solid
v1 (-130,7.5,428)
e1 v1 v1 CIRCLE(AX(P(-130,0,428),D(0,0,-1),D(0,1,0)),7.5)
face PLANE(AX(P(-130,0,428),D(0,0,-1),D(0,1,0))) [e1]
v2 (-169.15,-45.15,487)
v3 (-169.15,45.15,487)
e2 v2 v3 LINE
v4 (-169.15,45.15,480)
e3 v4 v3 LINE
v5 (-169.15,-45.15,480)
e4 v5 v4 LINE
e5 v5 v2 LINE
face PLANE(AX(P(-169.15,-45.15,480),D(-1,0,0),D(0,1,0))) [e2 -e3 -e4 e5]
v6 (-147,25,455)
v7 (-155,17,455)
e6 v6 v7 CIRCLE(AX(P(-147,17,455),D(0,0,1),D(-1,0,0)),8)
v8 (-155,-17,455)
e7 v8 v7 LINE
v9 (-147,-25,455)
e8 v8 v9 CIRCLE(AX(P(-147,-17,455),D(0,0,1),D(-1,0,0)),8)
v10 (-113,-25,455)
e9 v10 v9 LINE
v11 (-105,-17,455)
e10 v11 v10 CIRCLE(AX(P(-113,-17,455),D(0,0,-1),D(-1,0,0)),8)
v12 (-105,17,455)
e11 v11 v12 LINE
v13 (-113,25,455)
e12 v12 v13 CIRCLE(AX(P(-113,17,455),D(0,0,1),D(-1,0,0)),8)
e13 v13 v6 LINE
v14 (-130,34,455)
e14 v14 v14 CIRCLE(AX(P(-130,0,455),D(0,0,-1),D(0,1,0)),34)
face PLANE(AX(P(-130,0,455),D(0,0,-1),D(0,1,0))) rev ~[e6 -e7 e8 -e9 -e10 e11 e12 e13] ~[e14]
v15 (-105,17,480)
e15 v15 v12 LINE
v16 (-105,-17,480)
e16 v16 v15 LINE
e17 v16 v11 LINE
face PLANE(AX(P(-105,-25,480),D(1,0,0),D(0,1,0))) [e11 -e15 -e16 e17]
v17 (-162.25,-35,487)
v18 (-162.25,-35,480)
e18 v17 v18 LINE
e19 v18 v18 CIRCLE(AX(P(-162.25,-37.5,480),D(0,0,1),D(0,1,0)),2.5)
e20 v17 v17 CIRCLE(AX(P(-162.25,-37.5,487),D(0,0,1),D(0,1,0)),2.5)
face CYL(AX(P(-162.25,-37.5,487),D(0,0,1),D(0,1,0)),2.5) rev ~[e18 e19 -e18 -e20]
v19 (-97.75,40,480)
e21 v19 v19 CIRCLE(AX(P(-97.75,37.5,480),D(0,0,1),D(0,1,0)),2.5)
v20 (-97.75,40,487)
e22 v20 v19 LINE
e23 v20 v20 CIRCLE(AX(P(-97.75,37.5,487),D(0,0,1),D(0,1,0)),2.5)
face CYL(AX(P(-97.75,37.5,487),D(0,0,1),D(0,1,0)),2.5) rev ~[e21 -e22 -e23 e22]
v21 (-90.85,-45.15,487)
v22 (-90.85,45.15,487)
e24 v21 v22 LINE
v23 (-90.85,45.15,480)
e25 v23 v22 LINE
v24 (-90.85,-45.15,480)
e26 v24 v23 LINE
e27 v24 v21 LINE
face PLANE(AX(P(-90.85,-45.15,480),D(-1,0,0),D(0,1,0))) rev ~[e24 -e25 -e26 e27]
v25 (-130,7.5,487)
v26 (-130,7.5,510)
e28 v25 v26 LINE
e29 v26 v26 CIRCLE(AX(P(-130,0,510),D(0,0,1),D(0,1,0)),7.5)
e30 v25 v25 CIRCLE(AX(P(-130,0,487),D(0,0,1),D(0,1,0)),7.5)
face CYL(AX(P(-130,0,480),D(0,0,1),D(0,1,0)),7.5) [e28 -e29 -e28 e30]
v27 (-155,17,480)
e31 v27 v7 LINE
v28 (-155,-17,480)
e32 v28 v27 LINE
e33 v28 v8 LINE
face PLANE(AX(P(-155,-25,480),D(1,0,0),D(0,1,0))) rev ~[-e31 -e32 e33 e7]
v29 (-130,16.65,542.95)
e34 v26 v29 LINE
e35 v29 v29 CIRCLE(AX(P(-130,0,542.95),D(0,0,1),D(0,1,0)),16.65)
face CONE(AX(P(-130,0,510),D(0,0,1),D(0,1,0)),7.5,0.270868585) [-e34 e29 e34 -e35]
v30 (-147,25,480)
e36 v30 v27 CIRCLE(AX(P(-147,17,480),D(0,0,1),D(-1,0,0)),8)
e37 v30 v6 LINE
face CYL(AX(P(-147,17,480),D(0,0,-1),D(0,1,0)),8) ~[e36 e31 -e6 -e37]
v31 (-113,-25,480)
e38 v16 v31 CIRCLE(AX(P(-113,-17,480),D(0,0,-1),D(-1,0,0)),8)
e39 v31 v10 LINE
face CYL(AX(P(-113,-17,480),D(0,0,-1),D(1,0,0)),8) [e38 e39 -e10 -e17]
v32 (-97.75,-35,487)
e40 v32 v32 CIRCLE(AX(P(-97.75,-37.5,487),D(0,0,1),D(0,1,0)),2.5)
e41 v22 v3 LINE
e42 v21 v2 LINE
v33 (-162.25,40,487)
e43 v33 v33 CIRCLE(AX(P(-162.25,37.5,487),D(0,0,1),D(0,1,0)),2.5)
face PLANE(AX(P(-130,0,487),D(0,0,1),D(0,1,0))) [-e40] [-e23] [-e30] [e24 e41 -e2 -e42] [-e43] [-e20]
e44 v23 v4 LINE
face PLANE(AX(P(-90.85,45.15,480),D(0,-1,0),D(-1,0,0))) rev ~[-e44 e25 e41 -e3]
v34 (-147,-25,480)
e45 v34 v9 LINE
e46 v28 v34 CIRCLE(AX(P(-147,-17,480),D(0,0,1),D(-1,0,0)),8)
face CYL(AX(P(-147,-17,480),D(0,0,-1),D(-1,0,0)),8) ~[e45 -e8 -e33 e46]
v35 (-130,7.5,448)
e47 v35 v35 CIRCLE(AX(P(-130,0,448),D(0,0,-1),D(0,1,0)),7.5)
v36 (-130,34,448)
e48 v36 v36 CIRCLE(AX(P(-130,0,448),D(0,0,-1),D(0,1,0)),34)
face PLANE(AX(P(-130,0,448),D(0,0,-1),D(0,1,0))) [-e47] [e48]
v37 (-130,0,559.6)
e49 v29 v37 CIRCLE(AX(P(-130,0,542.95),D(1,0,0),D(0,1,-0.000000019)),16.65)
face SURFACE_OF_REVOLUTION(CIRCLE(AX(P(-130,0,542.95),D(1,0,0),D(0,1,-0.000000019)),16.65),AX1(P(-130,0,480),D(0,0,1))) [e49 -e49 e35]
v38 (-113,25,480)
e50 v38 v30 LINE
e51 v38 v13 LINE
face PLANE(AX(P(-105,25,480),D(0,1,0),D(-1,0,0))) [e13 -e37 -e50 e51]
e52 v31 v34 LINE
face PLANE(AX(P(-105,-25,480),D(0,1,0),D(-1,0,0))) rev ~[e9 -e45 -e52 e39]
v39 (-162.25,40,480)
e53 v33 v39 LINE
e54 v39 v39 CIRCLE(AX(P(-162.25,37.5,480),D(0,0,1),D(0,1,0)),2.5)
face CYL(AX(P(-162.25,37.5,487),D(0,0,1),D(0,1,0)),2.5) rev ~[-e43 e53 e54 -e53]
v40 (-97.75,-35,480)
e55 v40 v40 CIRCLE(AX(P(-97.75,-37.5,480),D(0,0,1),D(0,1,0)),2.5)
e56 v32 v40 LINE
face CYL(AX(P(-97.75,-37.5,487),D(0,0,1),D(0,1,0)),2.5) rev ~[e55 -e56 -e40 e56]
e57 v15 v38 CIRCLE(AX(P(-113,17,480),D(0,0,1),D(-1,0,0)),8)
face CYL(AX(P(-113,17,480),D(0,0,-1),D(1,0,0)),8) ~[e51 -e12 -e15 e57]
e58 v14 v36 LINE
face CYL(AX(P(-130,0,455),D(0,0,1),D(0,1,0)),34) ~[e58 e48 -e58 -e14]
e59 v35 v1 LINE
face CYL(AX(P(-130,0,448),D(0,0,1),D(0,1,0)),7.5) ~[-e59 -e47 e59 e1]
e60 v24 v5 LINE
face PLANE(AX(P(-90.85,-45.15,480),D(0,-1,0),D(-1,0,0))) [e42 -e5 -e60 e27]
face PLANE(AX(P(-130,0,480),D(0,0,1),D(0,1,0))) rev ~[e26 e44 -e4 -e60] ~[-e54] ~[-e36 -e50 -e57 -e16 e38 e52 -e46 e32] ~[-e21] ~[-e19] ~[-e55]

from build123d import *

# Parameters (mm, degrees)
SKETCH005_W             = 90.3
SKETCH005_H             = 78.3
PAD003_DEPTH            = 7
SKETCH006_R             = 2.5
POCKET002_DEPTH         = 7.001
SKETCH008_W             = 50
SKETCH008_H             = 50
PAD004_DEPTH            = 25
FILLET_R                = 8
SKETCH009_R             = 34
PAD005_DEPTH            = 7
SKETCH010_R             = 7.5
PAD006_DEPTH            = 20
BODY002_PLACEMENT_ANGLE = 90


with BuildPart() as part:
    # Sketch005 → Pad003 (new body)
    with BuildSketch(Plane.XY):
        Rectangle(SKETCH005_W, SKETCH005_H)
    extrude(amount=PAD003_DEPTH)

    # Sketch006 (on Face6 of Pad003) → Pocket002 (cut, through all)
    with BuildSketch(Plane.XY.offset(7)):
        with Locations((-37.5, 32.25)):
            Circle(SKETCH006_R)
        with Locations((-37.5, -32.25)):
            Circle(SKETCH006_R)
        with Locations((37.5, -32.25)):
            Circle(SKETCH006_R)
        with Locations((37.5, 32.25)):
            Circle(SKETCH006_R)
    extrude(amount=-POCKET002_DEPTH, mode=Mode.SUBTRACT)

    # Sketch007 → Revolution (revolve)
    with BuildSketch(Plane.XZ):
        with BuildLine():
            Line((7.5, 0), (7.5, 30))
            Line((7.5, 30), (16.65, 62.95))
            ThreePointArc((16.65, 62.95), (11.773328, 74.723328), (0, 79.6))
            Line((0, 0), (0, 79.6))
            Line((7.5, 0), (0, 0))
        make_face()
    revolve(axis=Axis((0, 0, 0), (0, 0, 1)))

    # Sketch008 → Pad004 (join)
    with BuildSketch(Plane.XY):
        Rectangle(SKETCH008_W, SKETCH008_H)
    extrude(amount=-PAD004_DEPTH)

    # Fillet
    fillet_edges = [part.edges().sort_by_distance(p)[0] for p in [
        (25, -25, -12.5),
        (-25, 25, -12.5),
        (-25, -25, -12.5),
        (25, 25, -12.5),
    ]]
    fillet(fillet_edges, radius=FILLET_R)

    # Sketch009 (on Face15 of Pad004) → Pad005 (join)
    with BuildSketch(Plane(origin=(0, 0, -25), x_dir=(1, 0, 0), z_dir=(0, 0, -1))):
        Circle(SKETCH009_R)
    extrude(amount=PAD005_DEPTH)

    # Sketch010 (on Face22 of Pad005) → Pad006 (join)
    with BuildSketch(Plane(origin=(0, 0, -32), x_dir=(1, 0, 0), z_dir=(0, 0, -1))):
        Circle(SKETCH010_R)
    extrude(amount=PAD006_DEPTH)


with BuildPart() as part_1:
    # Body002 placement: moved
    add(part.part.moved(Location((-130, 0, 480))).rotate(Axis((-130, 0, 480), (0, 0, 1)), BODY002_PLACEMENT_ANGLE))


solid = part_1.part
